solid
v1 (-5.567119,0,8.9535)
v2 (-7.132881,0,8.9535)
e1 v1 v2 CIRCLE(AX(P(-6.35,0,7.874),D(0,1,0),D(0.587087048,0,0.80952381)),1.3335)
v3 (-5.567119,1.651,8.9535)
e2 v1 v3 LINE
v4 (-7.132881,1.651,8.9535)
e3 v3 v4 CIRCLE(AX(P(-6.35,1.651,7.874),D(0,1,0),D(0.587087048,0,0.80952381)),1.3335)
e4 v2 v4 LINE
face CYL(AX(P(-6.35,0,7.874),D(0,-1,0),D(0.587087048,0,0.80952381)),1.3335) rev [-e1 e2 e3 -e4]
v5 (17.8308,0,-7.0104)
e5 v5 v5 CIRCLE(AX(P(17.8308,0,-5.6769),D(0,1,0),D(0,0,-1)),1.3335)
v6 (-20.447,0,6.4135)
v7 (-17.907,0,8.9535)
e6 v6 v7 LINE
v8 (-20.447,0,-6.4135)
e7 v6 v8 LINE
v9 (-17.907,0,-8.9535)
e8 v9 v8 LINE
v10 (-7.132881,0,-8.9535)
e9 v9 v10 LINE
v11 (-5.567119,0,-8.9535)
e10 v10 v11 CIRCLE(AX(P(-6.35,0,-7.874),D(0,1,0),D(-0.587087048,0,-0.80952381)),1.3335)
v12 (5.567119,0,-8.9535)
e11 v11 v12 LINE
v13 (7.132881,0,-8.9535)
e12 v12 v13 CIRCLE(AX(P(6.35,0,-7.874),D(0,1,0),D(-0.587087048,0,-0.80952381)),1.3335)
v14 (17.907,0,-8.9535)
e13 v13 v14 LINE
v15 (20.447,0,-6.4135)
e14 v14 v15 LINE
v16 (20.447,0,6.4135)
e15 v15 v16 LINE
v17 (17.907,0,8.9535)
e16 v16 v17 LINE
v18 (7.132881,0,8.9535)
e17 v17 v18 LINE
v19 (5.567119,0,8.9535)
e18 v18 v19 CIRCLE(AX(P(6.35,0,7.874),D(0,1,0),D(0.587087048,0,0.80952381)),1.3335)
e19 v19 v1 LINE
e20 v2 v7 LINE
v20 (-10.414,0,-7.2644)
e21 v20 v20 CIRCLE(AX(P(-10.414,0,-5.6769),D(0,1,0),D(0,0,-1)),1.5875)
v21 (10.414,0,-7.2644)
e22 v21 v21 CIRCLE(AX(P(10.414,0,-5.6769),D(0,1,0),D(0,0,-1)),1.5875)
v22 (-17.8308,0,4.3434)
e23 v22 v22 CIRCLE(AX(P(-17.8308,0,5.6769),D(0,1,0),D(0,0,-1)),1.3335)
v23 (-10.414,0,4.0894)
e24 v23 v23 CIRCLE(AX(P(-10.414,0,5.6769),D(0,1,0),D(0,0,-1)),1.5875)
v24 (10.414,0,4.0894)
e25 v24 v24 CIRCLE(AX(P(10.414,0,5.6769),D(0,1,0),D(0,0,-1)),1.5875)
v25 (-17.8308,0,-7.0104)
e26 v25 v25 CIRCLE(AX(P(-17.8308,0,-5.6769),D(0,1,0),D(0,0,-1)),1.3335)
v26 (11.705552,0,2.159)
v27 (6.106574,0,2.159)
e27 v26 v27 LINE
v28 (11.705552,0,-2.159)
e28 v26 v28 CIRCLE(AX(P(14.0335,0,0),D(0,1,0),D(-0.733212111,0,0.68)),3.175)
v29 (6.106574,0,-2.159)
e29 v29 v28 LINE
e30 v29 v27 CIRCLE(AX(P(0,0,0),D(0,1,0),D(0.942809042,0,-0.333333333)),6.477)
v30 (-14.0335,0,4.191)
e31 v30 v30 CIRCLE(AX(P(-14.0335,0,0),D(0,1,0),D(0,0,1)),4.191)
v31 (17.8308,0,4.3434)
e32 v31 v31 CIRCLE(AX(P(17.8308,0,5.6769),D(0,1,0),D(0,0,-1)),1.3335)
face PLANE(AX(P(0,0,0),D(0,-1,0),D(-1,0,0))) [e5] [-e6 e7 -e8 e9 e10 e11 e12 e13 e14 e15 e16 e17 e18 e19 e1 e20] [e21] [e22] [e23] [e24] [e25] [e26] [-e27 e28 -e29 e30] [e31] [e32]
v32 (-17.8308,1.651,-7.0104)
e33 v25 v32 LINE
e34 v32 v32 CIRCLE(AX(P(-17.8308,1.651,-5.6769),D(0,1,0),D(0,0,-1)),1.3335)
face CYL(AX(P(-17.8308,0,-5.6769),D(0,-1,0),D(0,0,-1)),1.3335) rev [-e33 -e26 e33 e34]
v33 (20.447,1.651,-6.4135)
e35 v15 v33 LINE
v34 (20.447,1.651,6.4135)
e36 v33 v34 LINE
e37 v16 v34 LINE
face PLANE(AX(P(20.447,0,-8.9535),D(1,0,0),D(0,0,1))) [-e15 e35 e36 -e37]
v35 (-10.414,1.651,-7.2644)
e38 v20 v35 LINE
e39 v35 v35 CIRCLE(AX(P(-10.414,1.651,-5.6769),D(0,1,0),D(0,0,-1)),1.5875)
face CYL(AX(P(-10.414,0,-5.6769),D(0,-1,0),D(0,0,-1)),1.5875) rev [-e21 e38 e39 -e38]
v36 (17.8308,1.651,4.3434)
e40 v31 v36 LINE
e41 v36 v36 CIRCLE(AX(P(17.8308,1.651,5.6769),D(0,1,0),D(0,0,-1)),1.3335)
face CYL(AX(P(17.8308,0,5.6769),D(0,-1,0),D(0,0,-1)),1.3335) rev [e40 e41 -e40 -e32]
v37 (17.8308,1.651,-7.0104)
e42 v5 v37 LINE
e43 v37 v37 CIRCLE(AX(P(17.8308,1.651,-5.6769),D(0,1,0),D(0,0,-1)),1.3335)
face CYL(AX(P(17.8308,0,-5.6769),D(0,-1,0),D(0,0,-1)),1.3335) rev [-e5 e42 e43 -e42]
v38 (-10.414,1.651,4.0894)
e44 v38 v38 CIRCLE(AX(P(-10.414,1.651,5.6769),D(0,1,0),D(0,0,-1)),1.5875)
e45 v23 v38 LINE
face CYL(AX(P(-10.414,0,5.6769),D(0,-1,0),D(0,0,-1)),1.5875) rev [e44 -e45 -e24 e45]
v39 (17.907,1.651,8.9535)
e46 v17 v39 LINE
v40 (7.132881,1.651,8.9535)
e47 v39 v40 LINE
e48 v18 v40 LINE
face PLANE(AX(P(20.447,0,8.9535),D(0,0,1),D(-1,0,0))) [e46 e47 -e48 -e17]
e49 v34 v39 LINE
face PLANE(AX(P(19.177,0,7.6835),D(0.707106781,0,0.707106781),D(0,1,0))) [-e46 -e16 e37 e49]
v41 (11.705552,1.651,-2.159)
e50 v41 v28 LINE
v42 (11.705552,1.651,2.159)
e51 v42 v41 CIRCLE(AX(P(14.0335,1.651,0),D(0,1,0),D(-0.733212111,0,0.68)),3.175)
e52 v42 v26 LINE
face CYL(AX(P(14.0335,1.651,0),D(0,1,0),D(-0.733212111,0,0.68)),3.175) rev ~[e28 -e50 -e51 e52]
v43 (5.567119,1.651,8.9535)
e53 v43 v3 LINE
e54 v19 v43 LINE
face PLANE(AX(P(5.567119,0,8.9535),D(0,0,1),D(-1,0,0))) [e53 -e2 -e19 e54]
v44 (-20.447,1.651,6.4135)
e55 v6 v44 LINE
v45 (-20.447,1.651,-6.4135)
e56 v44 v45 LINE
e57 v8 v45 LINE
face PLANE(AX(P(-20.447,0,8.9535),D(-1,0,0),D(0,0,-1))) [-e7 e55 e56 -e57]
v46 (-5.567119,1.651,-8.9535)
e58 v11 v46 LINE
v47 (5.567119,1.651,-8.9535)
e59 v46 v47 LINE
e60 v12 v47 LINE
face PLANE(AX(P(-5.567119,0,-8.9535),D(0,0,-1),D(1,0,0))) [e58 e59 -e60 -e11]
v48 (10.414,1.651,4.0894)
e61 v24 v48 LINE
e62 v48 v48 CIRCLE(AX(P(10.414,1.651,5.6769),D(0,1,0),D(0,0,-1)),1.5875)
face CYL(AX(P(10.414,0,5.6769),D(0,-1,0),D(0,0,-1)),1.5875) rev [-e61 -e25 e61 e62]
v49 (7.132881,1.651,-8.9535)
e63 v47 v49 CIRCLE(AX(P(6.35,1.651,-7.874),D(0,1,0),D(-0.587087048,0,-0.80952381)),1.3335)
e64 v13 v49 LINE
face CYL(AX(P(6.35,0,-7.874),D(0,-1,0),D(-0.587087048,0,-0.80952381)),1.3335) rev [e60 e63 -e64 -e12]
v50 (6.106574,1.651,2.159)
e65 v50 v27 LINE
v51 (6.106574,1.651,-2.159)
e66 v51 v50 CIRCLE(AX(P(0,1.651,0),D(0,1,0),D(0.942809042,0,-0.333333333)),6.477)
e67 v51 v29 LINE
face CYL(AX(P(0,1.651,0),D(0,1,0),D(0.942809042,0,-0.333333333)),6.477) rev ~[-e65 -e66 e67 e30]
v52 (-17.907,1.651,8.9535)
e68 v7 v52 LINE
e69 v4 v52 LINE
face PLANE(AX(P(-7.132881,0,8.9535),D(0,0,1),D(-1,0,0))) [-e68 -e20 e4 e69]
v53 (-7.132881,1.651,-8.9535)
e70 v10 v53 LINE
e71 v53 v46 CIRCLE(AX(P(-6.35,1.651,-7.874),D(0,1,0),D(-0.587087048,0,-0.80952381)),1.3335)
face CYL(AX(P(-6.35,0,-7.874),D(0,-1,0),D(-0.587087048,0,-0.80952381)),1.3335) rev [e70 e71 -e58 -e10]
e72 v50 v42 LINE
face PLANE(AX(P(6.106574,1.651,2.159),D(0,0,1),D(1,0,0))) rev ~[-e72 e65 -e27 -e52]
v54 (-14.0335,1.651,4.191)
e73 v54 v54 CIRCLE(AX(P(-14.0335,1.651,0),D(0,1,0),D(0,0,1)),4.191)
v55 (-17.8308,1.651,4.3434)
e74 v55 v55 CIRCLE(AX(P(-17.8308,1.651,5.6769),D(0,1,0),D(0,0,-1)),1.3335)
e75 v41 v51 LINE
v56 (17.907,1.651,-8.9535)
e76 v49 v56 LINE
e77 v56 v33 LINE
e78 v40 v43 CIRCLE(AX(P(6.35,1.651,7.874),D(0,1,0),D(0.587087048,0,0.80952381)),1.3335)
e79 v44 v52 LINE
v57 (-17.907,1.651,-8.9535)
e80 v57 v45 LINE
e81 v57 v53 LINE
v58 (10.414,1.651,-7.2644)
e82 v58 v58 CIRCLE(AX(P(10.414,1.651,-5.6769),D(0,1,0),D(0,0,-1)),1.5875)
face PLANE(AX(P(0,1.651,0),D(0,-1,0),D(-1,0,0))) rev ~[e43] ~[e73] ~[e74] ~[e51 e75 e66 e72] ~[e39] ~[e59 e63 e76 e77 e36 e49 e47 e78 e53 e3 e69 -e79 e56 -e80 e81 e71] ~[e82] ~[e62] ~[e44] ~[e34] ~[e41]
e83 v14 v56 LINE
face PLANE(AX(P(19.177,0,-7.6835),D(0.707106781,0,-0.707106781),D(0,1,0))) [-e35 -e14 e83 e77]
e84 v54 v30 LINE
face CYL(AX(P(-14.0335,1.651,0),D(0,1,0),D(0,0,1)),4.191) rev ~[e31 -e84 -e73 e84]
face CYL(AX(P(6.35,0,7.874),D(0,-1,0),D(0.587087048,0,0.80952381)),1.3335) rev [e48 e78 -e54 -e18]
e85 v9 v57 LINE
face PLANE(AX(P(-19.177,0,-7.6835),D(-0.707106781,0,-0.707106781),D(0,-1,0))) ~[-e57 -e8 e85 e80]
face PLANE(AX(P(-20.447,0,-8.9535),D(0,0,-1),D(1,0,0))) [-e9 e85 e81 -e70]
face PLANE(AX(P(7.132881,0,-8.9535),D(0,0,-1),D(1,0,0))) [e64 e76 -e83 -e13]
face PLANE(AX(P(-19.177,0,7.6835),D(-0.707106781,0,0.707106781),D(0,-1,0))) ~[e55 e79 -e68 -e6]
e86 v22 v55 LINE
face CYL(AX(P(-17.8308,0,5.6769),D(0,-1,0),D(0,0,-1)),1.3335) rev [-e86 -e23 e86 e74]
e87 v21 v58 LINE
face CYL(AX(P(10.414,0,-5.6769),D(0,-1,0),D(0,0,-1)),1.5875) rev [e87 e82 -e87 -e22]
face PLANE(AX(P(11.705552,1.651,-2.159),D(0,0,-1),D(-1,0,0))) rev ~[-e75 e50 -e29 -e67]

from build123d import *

# Parameters (mm, degrees)
SKETCH1_R           = 1.3335
SKETCH1_R_2         = 1.5875
BOSS_EXTRUDE1_DEPTH = 1.651
CHAMFER1_SIZE       = 2.54
SKETCH5_R           = 4.191
CUT_EXTRUDE5_DEPTH  = 23.382376376


with BuildPart() as part:
    # Sketch1 → Boss-Extrude1 (new body)
    with BuildSketch(Plane(origin=(0, 0, 0), x_dir=(1, 0, 0), z_dir=(0, 1, 0))):
        with BuildLine():
            Line((-5.567119422, 8.9535), (5.567119422, 8.9535))
            ThreePointArc((5.567119422, 8.9535), (6.35, 6.5405), (7.132880578, 8.9535))
            Line((7.132880578, 8.9535), (20.447, 8.9535))
            Line((20.447, 8.9535), (20.447, -8.9535))
            Line((20.447, -8.9535), (7.132880578, -8.9535))
            ThreePointArc((7.132880578, -8.9535), (6.35, -6.5405), (5.567119422, -8.9535))
            Line((5.567119422, -8.9535), (-5.567119422, -8.9535))
            ThreePointArc((-5.567119422, -8.9535), (-6.35, -6.5405), (-7.132880578, -8.9535))
            Line((-7.132880578, -8.9535), (-20.447, -8.9535))
            Line((-20.447, -8.9535), (-20.447, 8.9535))
            Line((-20.447, 8.9535), (-7.132880578, 8.9535))
            ThreePointArc((-7.132880578, 8.9535), (-6.35, 6.5405), (-5.567119422, 8.9535))
        make_face()
        with Locations(Location((-17.8308, 5.6769, 0), (0, 0, 90))):
            Circle(SKETCH1_R, mode=Mode.SUBTRACT)
        with Locations(Location((17.8308, 5.6769, 0), (0, 0, 90))):
            Circle(SKETCH1_R, mode=Mode.SUBTRACT)
        with Locations(Location((17.8308, -5.6769, 0), (0, 0, 90))):
            Circle(SKETCH1_R, mode=Mode.SUBTRACT)
        with Locations(Location((-17.8308, -5.6769, 0), (0, 0, 90))):
            Circle(SKETCH1_R, mode=Mode.SUBTRACT)
        with Locations(Location((-10.414, 5.6769, 0), (0, 0, 90))):
            Circle(SKETCH1_R_2, mode=Mode.SUBTRACT)
        with Locations(Location((10.414, 5.6769, 0), (0, 0, 90))):
            Circle(SKETCH1_R_2, mode=Mode.SUBTRACT)
        with Locations(Location((10.414, -5.6769, 0), (0, 0, 90))):
            Circle(SKETCH1_R_2, mode=Mode.SUBTRACT)
        with Locations(Location((-10.414, -5.6769, 0), (0, 0, 90))):
            Circle(SKETCH1_R_2, mode=Mode.SUBTRACT)
    extrude(amount=BOSS_EXTRUDE1_DEPTH)

    # Chamfer1
    chamfer1_edges = [part.edges().sort_by_distance(p)[0] for p in [
        (20.447, 0.8255, -8.9535),
        (20.447, 0.8255, 8.9535),
        (-20.447, 0.8255, 8.9535),
        (-20.447, 0.8255, -8.9535),
    ]]
    chamfer(chamfer1_edges, length=CHAMFER1_SIZE)

    # Sketch5 → Cut-Extrude5 (cut, through all)
    with BuildSketch(Plane(origin=(0, 1.651, 0), x_dir=(1, 0, 0), z_dir=(0, 1, 0))):
        with Locations(Location((-14.0335, 0, 0), (0, 0, 270))):
            Circle(SKETCH5_R)
        with BuildLine():
            Line((6.106574162, -2.159), (11.705551547, -2.159))
            ThreePointArc((11.705551547, -2.159), (17.2085, 0), (11.705551547, 2.159))
            Line((11.705551547, 2.159), (6.106574162, 2.159))
            ThreePointArc((6.106574162, 2.159), (-6.477, 0), (6.106574162, -2.159))
        make_face()
    extrude(amount=-CUT_EXTRUDE5_DEPTH, mode=Mode.SUBTRACT)


solid = part.part
